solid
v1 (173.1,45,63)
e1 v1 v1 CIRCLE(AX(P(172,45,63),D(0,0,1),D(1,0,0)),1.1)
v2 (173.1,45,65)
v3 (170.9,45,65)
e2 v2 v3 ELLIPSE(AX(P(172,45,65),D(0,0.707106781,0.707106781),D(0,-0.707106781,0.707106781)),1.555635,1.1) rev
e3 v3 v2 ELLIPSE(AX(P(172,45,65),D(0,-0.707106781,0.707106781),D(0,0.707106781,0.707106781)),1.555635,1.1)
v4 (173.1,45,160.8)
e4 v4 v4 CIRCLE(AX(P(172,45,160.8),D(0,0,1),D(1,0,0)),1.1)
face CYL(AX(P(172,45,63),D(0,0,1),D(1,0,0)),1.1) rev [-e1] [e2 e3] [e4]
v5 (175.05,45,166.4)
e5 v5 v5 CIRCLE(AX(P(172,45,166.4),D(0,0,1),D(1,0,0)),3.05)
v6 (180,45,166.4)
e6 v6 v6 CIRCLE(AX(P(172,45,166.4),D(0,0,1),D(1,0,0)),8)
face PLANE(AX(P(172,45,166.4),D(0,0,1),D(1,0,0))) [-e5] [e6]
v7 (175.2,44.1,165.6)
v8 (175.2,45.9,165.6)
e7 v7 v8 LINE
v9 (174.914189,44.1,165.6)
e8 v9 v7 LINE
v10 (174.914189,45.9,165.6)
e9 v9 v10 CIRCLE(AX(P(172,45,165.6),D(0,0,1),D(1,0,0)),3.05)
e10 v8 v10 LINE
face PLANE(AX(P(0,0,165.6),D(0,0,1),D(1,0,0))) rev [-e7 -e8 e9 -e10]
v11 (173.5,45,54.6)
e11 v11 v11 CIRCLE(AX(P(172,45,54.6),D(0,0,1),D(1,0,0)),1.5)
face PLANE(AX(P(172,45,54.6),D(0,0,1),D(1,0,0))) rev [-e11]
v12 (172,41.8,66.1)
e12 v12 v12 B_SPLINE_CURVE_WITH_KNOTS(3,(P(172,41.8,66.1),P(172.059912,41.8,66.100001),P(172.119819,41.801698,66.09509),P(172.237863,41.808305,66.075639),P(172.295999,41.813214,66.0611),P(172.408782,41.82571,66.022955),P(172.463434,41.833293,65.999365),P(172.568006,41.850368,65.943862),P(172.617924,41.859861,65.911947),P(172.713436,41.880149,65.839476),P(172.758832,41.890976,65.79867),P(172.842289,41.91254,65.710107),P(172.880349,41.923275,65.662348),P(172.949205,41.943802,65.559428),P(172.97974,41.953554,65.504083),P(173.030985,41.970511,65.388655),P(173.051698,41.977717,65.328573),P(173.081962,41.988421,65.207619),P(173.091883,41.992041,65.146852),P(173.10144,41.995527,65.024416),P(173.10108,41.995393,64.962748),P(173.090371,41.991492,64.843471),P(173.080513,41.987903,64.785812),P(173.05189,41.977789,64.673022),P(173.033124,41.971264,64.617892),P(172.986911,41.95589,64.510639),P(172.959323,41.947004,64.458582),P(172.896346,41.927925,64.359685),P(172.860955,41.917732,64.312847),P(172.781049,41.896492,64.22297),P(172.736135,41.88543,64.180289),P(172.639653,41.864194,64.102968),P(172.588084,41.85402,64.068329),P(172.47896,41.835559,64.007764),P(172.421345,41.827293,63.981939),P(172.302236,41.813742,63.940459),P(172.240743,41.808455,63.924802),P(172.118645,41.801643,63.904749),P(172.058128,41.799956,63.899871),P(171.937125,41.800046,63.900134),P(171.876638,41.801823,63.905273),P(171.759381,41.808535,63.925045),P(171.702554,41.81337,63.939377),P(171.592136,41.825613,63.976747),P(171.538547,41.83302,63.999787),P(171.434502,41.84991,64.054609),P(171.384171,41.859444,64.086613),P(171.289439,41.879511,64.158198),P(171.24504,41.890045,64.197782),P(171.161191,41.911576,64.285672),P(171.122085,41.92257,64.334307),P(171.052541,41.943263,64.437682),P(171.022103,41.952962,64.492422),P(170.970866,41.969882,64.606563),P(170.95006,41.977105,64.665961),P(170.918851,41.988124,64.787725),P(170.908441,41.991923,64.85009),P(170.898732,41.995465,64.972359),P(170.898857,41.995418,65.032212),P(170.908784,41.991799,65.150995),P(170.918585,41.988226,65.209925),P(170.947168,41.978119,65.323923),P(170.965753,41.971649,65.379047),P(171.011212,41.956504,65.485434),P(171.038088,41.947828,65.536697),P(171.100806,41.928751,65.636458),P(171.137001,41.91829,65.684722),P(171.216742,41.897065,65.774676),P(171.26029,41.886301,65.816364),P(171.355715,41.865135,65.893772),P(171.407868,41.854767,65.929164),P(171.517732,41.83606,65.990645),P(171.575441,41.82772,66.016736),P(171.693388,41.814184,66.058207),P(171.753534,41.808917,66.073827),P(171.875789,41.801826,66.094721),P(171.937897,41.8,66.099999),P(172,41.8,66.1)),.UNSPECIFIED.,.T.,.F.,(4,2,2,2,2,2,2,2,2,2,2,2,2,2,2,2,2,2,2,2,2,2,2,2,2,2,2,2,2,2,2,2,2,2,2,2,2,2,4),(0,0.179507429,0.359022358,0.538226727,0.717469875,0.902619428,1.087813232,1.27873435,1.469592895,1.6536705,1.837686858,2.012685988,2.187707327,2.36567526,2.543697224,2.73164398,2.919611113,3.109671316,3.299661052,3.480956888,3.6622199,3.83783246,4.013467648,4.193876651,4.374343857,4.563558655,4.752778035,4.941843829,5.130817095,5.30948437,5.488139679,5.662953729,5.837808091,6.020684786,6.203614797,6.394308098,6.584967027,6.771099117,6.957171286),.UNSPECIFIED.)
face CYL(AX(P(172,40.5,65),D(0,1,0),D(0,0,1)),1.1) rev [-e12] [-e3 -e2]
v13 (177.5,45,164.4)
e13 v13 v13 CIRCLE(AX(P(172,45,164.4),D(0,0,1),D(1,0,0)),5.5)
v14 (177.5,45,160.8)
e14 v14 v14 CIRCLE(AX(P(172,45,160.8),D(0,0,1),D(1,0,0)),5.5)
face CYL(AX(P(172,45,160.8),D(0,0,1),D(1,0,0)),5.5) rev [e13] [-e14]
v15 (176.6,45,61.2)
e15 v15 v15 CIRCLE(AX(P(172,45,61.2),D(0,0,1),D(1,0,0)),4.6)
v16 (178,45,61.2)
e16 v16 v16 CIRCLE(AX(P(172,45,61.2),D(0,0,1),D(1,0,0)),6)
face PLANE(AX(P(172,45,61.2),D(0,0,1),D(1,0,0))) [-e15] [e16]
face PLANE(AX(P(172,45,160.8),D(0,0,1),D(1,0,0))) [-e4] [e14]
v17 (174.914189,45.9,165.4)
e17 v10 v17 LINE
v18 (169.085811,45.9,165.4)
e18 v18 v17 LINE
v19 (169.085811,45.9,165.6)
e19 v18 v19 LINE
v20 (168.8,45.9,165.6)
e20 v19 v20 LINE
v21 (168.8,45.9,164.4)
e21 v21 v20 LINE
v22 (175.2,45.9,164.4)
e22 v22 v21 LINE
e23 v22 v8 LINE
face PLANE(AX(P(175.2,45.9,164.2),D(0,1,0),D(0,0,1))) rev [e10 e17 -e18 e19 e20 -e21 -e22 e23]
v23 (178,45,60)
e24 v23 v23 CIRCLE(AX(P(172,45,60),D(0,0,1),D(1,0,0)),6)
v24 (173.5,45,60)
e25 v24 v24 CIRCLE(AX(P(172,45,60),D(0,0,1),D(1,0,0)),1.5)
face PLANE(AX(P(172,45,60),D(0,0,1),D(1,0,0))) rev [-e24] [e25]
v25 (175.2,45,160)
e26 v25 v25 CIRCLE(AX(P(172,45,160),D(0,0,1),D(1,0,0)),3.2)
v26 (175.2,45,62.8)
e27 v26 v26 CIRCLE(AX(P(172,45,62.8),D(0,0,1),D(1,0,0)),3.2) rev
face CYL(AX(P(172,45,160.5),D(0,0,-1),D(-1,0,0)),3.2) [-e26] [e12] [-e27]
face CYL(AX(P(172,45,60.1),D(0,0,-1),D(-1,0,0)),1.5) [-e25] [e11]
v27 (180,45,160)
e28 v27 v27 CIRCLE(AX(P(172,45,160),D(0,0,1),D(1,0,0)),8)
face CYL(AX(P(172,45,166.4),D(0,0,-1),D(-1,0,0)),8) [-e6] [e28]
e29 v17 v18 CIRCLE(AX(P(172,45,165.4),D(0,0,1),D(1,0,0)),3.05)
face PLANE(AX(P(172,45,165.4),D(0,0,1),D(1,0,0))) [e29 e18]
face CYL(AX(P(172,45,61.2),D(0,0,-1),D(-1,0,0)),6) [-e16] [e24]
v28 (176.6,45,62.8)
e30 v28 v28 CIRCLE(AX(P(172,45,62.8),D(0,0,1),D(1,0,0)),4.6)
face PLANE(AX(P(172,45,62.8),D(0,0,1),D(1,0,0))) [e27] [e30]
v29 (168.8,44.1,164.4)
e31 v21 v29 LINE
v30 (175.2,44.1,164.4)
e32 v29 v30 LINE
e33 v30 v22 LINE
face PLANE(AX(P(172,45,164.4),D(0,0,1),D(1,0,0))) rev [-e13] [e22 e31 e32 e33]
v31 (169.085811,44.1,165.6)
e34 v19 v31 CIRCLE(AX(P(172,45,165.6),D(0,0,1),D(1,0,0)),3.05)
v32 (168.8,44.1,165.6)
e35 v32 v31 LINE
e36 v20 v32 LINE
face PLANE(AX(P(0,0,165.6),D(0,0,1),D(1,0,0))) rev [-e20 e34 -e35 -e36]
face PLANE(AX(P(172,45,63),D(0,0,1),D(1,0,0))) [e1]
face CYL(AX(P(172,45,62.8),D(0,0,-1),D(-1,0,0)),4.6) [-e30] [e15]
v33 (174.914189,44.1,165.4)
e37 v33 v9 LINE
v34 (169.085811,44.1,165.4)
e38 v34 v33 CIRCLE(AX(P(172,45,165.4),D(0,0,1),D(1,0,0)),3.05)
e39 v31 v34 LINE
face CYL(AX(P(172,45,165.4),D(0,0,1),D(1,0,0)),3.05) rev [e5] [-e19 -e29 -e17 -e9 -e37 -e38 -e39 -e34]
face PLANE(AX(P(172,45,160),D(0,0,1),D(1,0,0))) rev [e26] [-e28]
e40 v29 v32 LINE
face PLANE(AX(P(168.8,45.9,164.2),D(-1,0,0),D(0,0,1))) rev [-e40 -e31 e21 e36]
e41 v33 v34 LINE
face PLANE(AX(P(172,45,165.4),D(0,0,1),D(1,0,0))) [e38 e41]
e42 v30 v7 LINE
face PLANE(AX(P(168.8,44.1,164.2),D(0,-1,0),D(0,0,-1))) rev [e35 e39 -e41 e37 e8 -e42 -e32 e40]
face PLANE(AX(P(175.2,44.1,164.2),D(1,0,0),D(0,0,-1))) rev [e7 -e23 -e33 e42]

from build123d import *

# Parameters (mm, degrees)
SKETCH1_R                    = 1.5
SOCKET_PIN_DEPTH             = 5.5
SKETCH2_R                    = 6
MAST_FLANGE_DEPTH            = 1.2
SKETCH3_R                    = 4.6
MAST_FLANGE_STEP_DEPTH       = 1.6
SKETCH4_R                    = 3.2
MAST_TUBE_DEPTH              = 97.8
SKETCH5_R                    = 8
BEACON_BASE_DEPTH            = 6.4
SKETCH6_R                    = 5.5
SOLDER_CHAMBER_DEPTH         = 1.8
SKETCH7_W                    = 6.4
SKETCH7_H                    = 1.8
LED_LEG_SLOT_DEPTH           = 0.7
SKETCH8_R                    = 3.05
LED_FLANGE_COUNTERBORE_DEPTH = 0.7
SKETCH9_R                    = 1.1
WIRE_CHANNEL_DEPTH           = 49
SKETCH10_R                   = 1.1
WIRE_EXIT_DEPTH              = 2.25


with BuildPart() as part:
    # Sketch1 → Socket_pin (new body)
    with BuildSketch(Plane.XY.offset(54.6)):
        with Locations((172, 45)):
            Circle(SKETCH1_R)
    extrude(amount=SOCKET_PIN_DEPTH)

    # Sketch2 → Mast_flange (add)
    with BuildSketch(Plane.XY.offset(60)):
        with Locations((172, 45)):
            Circle(SKETCH2_R)
    extrude(amount=MAST_FLANGE_DEPTH)

    # Sketch3 → Mast_flange_step (add)
    with BuildSketch(Plane.XY.offset(61.2)):
        with Locations((172, 45)):
            Circle(SKETCH3_R)
    extrude(amount=MAST_FLANGE_STEP_DEPTH)

    # Sketch4 → Mast_tube (add)
    with BuildSketch(Plane.XY.offset(62.7)):
        with Locations((172, 45)):
            Circle(SKETCH4_R)
    extrude(amount=MAST_TUBE_DEPTH)

    # Sketch5 → Beacon_base (add)
    with BuildSketch(Plane.XY.offset(160)):
        with Locations((172, 45)):
            Circle(SKETCH5_R)
    extrude(amount=BEACON_BASE_DEPTH)

    # Sketch6 → Solder_chamber (cut, symmetric)
    with BuildSketch(Plane.XY.offset(162.6)):
        with Locations((172, 45)):
            Circle(SKETCH6_R)
    extrude(amount=SOLDER_CHAMBER_DEPTH, both=True, mode=Mode.SUBTRACT)

    # Sketch7 → LED_leg_slot (cut, symmetric)
    with BuildSketch(Plane.XY.offset(164.9)):
        with Locations((172, 45)):
            Rectangle(SKETCH7_W, SKETCH7_H)
    extrude(amount=LED_LEG_SLOT_DEPTH, both=True, mode=Mode.SUBTRACT)

    # Sketch8 → LED_flange_counterbore (cut, symmetric)
    with BuildSketch(Plane.XY.offset(166.1)):
        with Locations((172, 45)):
            Circle(SKETCH8_R)
    extrude(amount=LED_FLANGE_COUNTERBORE_DEPTH, both=True, mode=Mode.SUBTRACT)

    # Sketch9 → Wire_channel (cut, symmetric)
    with BuildSketch(Plane.XY.offset(112)):
        with Locations((172, 45)):
            Circle(SKETCH9_R)
    extrude(amount=WIRE_CHANNEL_DEPTH, both=True, mode=Mode.SUBTRACT)

    # Sketch10 → Wire_exit (cut, symmetric)
    with BuildSketch(Plane(origin=(0, 42.75, 0), x_dir=(1, 0, 0), z_dir=(0, 1, 0))):
        with Locations(Location((172, -65, 0), (0, 0, 270))):
            Circle(SKETCH10_R)
    extrude(amount=WIRE_EXIT_DEPTH, both=True, mode=Mode.SUBTRACT)


solid = part.part
